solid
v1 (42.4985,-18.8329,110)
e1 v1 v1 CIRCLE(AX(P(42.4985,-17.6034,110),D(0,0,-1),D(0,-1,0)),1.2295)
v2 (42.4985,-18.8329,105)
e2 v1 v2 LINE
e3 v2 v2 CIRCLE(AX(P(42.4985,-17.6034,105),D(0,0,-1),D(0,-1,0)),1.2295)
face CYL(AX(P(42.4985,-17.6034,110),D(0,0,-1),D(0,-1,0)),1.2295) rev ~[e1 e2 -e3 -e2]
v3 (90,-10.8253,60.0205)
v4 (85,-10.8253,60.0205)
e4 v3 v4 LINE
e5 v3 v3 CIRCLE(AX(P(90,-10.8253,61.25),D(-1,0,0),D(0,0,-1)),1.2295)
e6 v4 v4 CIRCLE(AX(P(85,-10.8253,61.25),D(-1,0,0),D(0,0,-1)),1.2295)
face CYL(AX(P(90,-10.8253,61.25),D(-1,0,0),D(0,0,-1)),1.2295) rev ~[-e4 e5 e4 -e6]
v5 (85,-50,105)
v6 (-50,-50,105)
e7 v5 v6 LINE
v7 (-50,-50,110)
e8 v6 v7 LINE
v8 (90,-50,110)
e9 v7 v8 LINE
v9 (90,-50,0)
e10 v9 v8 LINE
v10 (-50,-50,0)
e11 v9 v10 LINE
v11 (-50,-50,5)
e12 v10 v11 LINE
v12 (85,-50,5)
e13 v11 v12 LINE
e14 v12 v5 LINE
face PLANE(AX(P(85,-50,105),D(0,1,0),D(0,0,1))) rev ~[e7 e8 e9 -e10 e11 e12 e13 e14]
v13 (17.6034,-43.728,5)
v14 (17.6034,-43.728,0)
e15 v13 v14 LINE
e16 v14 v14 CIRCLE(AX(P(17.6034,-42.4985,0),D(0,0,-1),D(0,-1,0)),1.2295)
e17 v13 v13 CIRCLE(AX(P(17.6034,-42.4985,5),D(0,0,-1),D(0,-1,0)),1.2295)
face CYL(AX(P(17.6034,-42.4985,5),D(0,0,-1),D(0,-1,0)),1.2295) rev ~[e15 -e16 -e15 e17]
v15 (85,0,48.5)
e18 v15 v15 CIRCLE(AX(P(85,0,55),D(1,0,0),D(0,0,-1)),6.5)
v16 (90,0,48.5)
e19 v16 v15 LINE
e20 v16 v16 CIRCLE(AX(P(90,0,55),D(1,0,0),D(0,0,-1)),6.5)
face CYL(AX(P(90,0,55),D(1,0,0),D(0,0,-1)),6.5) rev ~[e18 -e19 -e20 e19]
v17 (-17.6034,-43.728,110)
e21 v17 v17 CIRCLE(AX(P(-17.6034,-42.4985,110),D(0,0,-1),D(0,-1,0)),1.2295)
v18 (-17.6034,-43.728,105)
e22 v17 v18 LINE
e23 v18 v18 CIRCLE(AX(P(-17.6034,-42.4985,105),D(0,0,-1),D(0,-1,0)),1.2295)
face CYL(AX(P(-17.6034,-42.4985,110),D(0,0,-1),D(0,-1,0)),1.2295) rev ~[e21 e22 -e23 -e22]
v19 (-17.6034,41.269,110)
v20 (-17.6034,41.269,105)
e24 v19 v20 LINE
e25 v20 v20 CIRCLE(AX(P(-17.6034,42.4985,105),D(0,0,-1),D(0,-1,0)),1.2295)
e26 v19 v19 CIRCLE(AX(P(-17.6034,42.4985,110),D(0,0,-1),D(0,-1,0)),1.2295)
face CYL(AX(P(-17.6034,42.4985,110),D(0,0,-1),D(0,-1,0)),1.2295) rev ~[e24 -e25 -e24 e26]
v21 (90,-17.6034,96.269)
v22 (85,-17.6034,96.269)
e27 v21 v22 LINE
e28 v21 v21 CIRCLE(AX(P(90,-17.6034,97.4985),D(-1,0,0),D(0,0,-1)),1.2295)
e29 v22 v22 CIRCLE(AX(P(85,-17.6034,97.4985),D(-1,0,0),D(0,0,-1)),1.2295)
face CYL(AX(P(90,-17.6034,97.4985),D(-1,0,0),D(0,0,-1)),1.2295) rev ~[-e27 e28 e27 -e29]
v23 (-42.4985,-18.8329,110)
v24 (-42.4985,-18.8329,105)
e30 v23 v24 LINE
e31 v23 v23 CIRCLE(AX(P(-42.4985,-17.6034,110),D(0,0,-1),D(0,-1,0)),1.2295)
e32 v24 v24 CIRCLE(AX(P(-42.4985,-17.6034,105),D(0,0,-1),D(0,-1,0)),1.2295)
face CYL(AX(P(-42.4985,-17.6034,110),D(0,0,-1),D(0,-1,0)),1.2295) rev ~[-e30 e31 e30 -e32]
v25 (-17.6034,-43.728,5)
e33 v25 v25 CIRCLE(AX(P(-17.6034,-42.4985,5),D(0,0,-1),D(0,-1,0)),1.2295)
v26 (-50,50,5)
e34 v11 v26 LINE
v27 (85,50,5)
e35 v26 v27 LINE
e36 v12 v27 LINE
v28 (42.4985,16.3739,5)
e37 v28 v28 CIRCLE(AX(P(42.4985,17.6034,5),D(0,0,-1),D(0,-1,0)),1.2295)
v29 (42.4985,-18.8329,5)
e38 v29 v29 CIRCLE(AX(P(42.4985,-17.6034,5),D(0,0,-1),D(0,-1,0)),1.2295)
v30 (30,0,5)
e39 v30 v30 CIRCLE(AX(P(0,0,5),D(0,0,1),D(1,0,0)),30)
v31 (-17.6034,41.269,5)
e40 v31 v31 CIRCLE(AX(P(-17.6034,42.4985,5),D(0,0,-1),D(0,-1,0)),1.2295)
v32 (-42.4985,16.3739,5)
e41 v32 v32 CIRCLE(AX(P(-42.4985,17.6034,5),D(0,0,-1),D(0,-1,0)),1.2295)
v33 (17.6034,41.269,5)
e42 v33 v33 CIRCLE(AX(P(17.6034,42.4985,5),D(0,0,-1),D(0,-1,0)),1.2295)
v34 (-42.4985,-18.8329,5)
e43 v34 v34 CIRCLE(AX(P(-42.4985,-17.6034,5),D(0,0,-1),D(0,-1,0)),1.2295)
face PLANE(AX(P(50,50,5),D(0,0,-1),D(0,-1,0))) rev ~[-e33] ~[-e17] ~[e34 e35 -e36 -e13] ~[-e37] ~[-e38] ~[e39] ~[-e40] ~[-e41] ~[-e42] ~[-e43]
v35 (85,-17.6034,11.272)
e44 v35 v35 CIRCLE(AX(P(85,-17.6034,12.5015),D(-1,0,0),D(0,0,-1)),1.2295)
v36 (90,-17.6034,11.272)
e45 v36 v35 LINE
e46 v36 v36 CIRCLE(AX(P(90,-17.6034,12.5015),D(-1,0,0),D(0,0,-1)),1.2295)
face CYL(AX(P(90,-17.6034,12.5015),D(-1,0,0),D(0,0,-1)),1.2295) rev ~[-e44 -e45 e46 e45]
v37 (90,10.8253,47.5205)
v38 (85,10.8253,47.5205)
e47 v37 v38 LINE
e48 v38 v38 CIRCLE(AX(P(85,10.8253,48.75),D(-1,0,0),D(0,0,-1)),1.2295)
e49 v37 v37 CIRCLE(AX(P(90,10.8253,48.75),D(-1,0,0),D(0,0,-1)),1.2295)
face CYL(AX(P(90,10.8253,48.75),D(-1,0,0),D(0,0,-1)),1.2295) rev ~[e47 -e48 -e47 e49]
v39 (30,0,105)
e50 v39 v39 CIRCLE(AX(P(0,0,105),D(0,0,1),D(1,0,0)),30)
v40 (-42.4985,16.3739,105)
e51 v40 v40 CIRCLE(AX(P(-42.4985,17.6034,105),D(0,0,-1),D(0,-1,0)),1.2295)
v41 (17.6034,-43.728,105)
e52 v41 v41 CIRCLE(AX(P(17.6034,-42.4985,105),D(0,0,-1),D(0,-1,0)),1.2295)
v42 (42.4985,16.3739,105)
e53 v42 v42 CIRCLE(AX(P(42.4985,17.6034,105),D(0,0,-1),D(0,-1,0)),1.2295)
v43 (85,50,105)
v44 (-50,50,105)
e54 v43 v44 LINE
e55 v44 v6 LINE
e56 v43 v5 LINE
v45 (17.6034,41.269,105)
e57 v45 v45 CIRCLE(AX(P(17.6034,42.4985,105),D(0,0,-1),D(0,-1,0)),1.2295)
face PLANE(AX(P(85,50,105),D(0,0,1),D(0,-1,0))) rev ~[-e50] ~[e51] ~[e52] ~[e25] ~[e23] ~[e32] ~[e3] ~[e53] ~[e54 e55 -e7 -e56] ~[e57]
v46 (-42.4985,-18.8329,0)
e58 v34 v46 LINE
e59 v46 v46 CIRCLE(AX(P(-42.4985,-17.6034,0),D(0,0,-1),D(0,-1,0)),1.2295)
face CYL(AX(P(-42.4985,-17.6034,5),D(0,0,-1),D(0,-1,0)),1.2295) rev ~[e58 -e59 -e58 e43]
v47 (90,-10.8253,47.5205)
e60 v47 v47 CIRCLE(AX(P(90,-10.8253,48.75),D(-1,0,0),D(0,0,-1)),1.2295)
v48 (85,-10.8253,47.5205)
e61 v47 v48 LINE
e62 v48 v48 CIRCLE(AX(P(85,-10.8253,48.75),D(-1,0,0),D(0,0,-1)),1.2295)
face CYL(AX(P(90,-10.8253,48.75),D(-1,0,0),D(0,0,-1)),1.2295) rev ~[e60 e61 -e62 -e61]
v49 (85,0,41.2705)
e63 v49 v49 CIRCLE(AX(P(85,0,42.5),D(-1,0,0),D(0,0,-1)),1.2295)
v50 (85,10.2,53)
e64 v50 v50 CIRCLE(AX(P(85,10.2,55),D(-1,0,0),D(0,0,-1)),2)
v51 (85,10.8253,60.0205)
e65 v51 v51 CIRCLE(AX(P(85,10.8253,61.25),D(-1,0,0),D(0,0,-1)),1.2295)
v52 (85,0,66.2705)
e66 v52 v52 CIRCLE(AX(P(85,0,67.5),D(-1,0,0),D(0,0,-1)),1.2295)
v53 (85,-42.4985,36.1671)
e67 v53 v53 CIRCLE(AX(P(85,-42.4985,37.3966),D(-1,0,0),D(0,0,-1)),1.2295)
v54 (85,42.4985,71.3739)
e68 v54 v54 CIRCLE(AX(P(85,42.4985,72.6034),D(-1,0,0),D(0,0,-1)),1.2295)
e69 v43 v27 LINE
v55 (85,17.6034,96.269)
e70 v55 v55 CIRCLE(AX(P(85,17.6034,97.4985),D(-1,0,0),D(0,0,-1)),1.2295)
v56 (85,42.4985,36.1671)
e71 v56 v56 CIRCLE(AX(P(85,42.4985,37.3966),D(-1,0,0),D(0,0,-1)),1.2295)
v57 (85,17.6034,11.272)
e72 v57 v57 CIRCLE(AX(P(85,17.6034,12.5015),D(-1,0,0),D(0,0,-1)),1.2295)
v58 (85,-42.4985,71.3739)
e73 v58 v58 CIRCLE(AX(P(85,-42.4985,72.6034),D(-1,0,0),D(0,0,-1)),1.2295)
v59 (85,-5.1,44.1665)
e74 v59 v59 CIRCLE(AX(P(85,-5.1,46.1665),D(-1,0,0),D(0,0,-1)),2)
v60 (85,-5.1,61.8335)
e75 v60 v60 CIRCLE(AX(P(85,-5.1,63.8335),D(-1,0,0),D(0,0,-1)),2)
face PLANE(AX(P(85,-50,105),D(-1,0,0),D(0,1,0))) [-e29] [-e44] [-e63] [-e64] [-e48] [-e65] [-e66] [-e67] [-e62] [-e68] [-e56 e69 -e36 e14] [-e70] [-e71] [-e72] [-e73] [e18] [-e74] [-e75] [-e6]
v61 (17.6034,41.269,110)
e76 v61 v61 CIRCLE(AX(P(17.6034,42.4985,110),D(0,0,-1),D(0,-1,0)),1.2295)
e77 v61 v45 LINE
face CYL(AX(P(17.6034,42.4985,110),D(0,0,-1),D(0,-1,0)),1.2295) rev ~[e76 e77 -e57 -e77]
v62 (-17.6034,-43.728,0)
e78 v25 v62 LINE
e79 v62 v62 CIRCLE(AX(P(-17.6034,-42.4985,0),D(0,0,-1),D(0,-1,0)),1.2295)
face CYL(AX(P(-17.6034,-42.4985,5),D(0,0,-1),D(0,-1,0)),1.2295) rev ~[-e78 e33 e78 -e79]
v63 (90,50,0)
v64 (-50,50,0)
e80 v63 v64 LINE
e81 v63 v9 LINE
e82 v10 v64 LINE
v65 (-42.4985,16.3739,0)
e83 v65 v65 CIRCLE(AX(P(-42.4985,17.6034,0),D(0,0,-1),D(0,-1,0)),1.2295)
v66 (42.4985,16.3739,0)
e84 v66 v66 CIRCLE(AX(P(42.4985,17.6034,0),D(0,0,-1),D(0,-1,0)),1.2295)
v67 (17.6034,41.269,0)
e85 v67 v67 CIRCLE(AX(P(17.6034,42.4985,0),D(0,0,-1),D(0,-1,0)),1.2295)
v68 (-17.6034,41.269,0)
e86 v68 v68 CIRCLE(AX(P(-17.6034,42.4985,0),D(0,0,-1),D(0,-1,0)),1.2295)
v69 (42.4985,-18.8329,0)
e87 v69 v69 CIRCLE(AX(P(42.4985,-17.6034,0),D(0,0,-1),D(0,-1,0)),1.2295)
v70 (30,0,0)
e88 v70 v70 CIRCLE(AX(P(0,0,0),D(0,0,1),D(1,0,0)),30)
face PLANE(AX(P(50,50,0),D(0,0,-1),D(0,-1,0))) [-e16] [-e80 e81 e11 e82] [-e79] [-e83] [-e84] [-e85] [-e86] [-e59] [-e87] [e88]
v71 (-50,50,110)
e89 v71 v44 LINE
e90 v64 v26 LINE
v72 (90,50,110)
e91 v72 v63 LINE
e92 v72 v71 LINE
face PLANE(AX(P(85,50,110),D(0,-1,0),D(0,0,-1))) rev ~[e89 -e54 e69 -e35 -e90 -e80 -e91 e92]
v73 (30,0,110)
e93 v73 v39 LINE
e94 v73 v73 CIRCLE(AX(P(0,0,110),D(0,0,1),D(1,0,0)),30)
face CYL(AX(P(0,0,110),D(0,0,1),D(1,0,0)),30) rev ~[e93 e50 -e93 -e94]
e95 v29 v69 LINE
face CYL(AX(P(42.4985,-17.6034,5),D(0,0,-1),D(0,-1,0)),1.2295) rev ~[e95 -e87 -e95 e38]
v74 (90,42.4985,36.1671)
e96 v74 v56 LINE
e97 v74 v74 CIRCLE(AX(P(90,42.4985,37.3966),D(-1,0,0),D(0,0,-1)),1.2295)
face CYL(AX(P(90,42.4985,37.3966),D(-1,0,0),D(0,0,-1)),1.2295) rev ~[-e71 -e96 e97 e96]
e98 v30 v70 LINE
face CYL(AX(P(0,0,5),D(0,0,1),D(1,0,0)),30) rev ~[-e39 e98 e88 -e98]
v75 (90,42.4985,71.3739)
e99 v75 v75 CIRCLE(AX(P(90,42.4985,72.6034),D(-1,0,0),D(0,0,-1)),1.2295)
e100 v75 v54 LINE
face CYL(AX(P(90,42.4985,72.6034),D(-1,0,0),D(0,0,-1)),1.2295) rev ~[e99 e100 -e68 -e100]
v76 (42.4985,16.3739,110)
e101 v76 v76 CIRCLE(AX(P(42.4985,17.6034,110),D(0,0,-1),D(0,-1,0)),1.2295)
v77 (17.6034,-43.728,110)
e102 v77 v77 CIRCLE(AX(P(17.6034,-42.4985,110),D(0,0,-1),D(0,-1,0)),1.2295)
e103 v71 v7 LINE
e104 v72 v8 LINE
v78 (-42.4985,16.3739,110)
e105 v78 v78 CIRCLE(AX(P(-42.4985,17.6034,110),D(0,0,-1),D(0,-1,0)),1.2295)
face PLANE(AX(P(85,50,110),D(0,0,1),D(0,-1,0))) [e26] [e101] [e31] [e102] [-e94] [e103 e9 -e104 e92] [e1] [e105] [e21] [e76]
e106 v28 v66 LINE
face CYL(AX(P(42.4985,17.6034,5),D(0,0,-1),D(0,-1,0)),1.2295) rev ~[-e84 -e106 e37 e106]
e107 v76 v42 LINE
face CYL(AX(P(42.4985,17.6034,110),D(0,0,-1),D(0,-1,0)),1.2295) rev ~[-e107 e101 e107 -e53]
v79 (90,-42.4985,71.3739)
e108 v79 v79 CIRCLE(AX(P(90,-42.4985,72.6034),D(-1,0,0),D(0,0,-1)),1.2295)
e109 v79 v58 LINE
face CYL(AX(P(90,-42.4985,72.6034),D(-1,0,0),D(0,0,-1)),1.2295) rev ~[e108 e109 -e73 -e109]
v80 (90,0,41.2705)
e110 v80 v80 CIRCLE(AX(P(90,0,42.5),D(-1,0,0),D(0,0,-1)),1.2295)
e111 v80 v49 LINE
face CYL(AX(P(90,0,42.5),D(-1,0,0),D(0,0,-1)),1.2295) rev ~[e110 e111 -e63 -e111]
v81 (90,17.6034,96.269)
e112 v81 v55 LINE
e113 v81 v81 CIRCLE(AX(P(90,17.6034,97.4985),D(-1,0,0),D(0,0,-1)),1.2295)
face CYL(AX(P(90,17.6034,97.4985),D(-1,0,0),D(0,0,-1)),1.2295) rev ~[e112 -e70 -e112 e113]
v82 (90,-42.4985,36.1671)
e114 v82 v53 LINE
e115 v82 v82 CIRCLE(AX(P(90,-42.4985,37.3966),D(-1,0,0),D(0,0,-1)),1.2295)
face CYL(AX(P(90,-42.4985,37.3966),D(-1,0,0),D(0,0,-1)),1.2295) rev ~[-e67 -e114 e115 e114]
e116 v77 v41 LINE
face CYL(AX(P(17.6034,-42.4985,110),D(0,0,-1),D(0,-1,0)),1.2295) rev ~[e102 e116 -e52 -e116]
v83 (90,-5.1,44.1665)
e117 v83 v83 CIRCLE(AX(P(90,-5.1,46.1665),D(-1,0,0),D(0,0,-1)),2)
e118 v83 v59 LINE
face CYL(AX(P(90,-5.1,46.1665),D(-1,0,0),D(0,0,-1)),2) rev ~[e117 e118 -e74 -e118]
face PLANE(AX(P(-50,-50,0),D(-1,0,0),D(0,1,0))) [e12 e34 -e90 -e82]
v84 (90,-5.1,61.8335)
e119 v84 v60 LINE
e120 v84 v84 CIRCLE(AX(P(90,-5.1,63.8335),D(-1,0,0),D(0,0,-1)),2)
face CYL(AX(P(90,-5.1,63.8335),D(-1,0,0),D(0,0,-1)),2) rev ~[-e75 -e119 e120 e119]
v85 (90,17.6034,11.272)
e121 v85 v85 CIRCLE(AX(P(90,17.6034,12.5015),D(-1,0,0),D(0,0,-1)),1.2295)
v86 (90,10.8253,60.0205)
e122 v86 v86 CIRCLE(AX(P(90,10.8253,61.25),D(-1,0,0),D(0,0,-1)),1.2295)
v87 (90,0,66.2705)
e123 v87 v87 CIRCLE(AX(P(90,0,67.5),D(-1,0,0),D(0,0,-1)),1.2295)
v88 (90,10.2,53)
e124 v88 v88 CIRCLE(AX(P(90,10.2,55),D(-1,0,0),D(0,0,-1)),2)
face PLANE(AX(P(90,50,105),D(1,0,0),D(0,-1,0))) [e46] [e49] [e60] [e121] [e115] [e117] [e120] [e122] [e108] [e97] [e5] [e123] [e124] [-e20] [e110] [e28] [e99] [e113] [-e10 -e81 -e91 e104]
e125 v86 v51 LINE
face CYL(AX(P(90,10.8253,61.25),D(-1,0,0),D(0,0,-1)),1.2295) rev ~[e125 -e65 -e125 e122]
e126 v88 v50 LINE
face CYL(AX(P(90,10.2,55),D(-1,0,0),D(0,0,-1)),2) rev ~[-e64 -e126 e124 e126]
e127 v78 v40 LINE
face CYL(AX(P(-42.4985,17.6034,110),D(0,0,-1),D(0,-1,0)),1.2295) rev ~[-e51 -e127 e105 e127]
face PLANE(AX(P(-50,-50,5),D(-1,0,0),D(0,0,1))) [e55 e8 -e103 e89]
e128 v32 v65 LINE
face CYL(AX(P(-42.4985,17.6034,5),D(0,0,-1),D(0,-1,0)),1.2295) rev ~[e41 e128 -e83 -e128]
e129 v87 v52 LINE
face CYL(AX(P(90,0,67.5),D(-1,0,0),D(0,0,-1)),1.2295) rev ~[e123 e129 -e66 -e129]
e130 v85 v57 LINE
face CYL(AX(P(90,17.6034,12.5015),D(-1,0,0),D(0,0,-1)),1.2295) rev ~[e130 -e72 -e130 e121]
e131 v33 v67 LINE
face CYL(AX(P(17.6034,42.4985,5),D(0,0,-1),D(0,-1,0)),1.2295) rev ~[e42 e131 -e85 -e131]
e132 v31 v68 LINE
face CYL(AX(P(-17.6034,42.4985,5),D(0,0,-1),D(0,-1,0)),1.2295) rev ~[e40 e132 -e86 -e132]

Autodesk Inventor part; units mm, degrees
ref_plane "YZ Plane" through (0, 0, 0) normal (1, 0, 0) x (0, 1, 0)
ref_plane "XZ Plane" through (0, 0, 0) normal (0, 1, 0) x (-1, 0, 0)
ref_plane "XY Plane" through (0, 0, 0) normal (0, 0, 1) x (1, 0, 0)
sketch "スケッチ1" plane through (0, 0, 0) normal (0, 0, 1) x (1, 0, 0)
  circle A0 centre (0, 0) radius 48.5
  circle A1 centre (0, 0) radius 46.0893
  line L0 (-50, 50) -> (50, 50)
  line L1 (50, 50) -> (50, -50)
  line L2 (50, -50) -> (-50, -50)
  line L3 (-50, -50) -> (-50, 50)
  dimension "d0" = 97
  dimension "d3" = 50
  dimension "d4" = 50
  dimension "d5" = 50
  dimension "d6" = 50
extrude "押し出し1" add sketch "スケッチ1" along normal blind 5 contours A0 | A1 | L0 L1 L2 L3
sketch "スケッチ2" plane through (0, 0, 5) normal (0, 0, 1) x (1, 0, 0)
  circle A0 centre (0, 0) radius 46
  line L0 (0, 0) -> (0, 64.6511)
  line L1 (0, 0) -> (-25.9524, 62.6547)
  line L2 (-50, 50) -> (-50, -50) projected
  point P0 (-17.6034, 42.4985)
  point P1 (-42.4985, 17.6034)
  point P2 (-42.4985, -17.6034)
  point P3 (-17.6034, -42.4985)
  point P4 (17.6034, -42.4985)
  point P5 (42.4985, -17.6034)
  point P6 (42.4985, 17.6034)
  point P7 (17.6034, 42.4985)
  dimension "d7" = 92
  dimension "d8" = 22.5
  dimension "d11" = 360
  dimension "d76" = 50
hole "穴1" at (-17.6034, 42.4985, 5) at (-42.4985, 17.6034, 5) at (-42.4985, -17.6034, 5) at (-17.6034, -42.4985, 5) at (17.6034, -42.4985, 5) at (42.4985, -17.6034, 5) at (42.4985, 17.6034, 5) at (17.6034, 42.4985, 5) direction (0, 0, -1) diameter 2.459 end through all
sketch "スケッチ3" plane through (0, 0, 5) normal (0, 0, 1) x (1, 0, 0)
  circle A0 centre (0, 0) radius 30
  dimension "d20" = 60
extrude "押し出し2" cut sketch "スケッチ3" against normal blind 5
sketch "スケッチ4" plane through (50, -50, 0) normal (1, 0, 0) x (0, 0, -1)
  line L0 (-5, 100) -> (-5, 0) projected
  line L1 (-5, 100) -> (0, 100)
  line L2 (0, 100) -> (0, 0)
  line L3 (0, 0) -> (-5, 0)
  line L4 (-5, 0) -> (-5, 100)
  point P0 (0, 50)
extrude "押し出し3" add sketch "スケッチ4" along normal blind 40
sketch "スケッチ5" plane through (0, 0, 5) normal (0, 0, 1) x (1, 0, 0)
  line L0 (-50, 50) -> (90, 50) projected
  line L1 (85, 50) -> (90, 50)
  line L2 (90, 50) -> (90, -50)
  line L3 (90, -50) -> (85, -50)
  line L4 (85, -50) -> (85, 50)
  line L5 (-50, -50) -> (90, -50) projected
  line L6 (90, 50) -> (90, -50) projected
  point P0 (0, 0)
  point P1 (90, 50)
  point P2 (90, 0)
  dimension "d25" = 0
  dimension "d26" = 5
  dimension "d27" = 100
  dimension "d70" = 0
extrude "押し出し4" add sketch "スケッチ5" along normal blind 100
sketch "スケッチ6" plane through (90, -50, 0) normal (1, 0, 0) x (0, 0, -1)
  circle A0 centre (-55, 50) radius 46
  line L0 (0, 0) -> (-105, 0) projected
  line L1 (0, 0) -> (0, 100) projected
  line L2 (-55, 50) -> (41.9537, 50)
  line L3 (-55, 50) -> (-55, 131.7305)
  line L4 (-55, 50) -> (-80.0101, 110.3797)
  circle A1 centre (-55, 50) radius 12.5
  line L5 (-55, 50) -> (-63.1841, 64.1753)
  point P0 (0, 50)
  point P1 (-72.6034, 92.4985)
  point P2 (-97.4985, 67.6034)
  point P3 (-97.4985, 32.3966)
  point P4 (-72.6034, 7.5015)
  point P5 (-37.3966, 7.5015)
  point P6 (-12.5015, 32.3966)
  point P7 (-12.5015, 67.6034)
  point P8 (-37.3966, 92.4985)
  point P9 (-61.25, 60.8253)
  point P10 (-67.5, 50)
  point P11 (-61.25, 39.1747)
  point P12 (-48.75, 39.1747)
  point P13 (-42.5, 50)
  point P14 (-48.75, 60.8253)
  dimension "d32" = 92
  dimension "d34" = 25
  dimension "d30" = 50
  dimension "d31" = 55
  dimension "d33" = 22.5
  dimension "d35" = 30
  dimension "d38" = 360
  dimension "d42" = 360
hole "穴2" at (90, 42.4985, 72.6034) at (90, 17.6034, 97.4985) at (90, -17.6034, 97.4985) at (90, -42.4985, 72.6034) at (90, -42.4985, 37.3966) at (90, -17.6034, 12.5015) at (90, 17.6034, 12.5015) at (90, 42.4985, 37.3966) at (90, 10.8253, 61.25) at (90, 0, 67.5) at (90, -10.8253, 61.25) at (90, -10.8253, 48.75) at (90, 0, 42.5) at (90, 10.8253, 48.75) direction (-1, 0, 0) diameter 2.459 end through all
sketch "スケッチ7" plane through (90, -50, 0) normal (1, 0, 0) x (0, 0, -1)
  line L0 (-55, 50) -> (26.223, 50)
  circle A0 centre (-55, 50) radius 10.2
  line L1 (0, 0) -> (0, 100) projected
  line L2 (0, 0) -> (-105, 0) projected
  line L3 (-55, 50) -> (-55, 82.0983)
  point P0 (0, 50)
  point P1 (-55, 60.2)
  point P2 (-63.8335, 44.9)
  point P3 (-46.1665, 44.9)
  dimension "d53" = 20.4
  dimension "d51" = 55
  dimension "d52" = 50
  dimension "d56" = 360
hole "穴3" at (90, 10.2, 55) at (90, -5.1, 63.8335) at (90, -5.1, 46.1665) direction (-1, 0, 0) diameter 4 end through all
sketch "スケッチ8" plane through (90, -50, 0) normal (1, 0, 0) x (0, 0, -1)
  circle A0 centre (-55, 50) radius 6.5
  line L0 (0, 0) -> (0, 100) projected
  line L1 (0, 0) -> (-105, 0) projected
  point P0 (0, 50)
  dimension "d65" = 13
  dimension "d66" = 55
  dimension "d67" = 50
extrude "押し出し5" cut sketch "スケッチ8" against normal through all
sketch "スケッチ9" plane through (0, 0, 105) normal (0, 0, 1) x (1, 0, 0)
  line L0 (-50, 50) -> (85, 50) projected
  line L1 (-50, -50) -> (90, -50) projected
  line L2 (85, 50) -> (90, 50)
  line L3 (90, 50) -> (90, -50)
  line L4 (90, -50) -> (85, -50)
  line L5 (85, -50) -> (85, 50)
  point P0 (0, 0)
extrude "押し出し6" add sketch "スケッチ9" along normal blind 5
sketch "スケッチ10" plane through (85, -50, 5) normal (-1, 0, 0) x (0, 0, 1)
  line L0 (105, 100) -> (105, 0) projected
  line L1 (-5, 0) -> (105, 0) projected
  line L2 (105, 100) -> (100, 100)
  line L3 (100, 100) -> (100, 0)
  line L4 (100, 0) -> (105, 0)
  line L5 (105, 0) -> (105, 100)
  point P0 (-5, 50)
  dimension "d73" = 5
extrude "押し出し7" add sketch "スケッチ10" along normal blind 135
sketch "スケッチ11" plane through (0, 0, 110) normal (0, 0, 1) x (1, 0, 0)
  circle A0 centre (0, 0) radius 46
  line L0 (0, 0) -> (0, 49.674)
  line L1 (0, 0) -> (-20.8641, 50.3704)
  point P0 (-17.6034, 42.4985)
  point P1 (-42.4985, 17.6034)
  point P2 (-42.4985, -17.6034)
  point P3 (-17.6034, -42.4985)
  point P4 (17.6034, -42.4985)
  point P5 (42.4985, -17.6034)
  point P6 (42.4985, 17.6034)
  point P7 (17.6034, 42.4985)
  dimension "d79" = 92
  dimension "d80" = 22.5
  dimension "d81" = 360
hole "穴4" at (-17.6034, 42.4985, 110) at (17.6034, 42.4985, 110) at (42.4985, 17.6034, 110) at (42.4985, -17.6034, 110) at (17.6034, -42.4985, 110) at (-17.6034, -42.4985, 110) at (-42.4985, -17.6034, 110) at (-42.4985, 17.6034, 110) direction (0, 0, -1) diameter 2.459 end through all
sketch "スケッチ12" plane through (0, 0, 110) normal (0, 0, 1) x (1, 0, 0)
  circle A0 centre (0, 0) radius 30 projected
  circle A1 centre (0, 0) radius 30
extrude "押し出し8" cut sketch "スケッチ12" against normal blind 135
equation "\"d4\" = d3"
equation "\"d5\" = d3"
equation "\"d6\" = d5"
properties part number "legparts_07(three)"
